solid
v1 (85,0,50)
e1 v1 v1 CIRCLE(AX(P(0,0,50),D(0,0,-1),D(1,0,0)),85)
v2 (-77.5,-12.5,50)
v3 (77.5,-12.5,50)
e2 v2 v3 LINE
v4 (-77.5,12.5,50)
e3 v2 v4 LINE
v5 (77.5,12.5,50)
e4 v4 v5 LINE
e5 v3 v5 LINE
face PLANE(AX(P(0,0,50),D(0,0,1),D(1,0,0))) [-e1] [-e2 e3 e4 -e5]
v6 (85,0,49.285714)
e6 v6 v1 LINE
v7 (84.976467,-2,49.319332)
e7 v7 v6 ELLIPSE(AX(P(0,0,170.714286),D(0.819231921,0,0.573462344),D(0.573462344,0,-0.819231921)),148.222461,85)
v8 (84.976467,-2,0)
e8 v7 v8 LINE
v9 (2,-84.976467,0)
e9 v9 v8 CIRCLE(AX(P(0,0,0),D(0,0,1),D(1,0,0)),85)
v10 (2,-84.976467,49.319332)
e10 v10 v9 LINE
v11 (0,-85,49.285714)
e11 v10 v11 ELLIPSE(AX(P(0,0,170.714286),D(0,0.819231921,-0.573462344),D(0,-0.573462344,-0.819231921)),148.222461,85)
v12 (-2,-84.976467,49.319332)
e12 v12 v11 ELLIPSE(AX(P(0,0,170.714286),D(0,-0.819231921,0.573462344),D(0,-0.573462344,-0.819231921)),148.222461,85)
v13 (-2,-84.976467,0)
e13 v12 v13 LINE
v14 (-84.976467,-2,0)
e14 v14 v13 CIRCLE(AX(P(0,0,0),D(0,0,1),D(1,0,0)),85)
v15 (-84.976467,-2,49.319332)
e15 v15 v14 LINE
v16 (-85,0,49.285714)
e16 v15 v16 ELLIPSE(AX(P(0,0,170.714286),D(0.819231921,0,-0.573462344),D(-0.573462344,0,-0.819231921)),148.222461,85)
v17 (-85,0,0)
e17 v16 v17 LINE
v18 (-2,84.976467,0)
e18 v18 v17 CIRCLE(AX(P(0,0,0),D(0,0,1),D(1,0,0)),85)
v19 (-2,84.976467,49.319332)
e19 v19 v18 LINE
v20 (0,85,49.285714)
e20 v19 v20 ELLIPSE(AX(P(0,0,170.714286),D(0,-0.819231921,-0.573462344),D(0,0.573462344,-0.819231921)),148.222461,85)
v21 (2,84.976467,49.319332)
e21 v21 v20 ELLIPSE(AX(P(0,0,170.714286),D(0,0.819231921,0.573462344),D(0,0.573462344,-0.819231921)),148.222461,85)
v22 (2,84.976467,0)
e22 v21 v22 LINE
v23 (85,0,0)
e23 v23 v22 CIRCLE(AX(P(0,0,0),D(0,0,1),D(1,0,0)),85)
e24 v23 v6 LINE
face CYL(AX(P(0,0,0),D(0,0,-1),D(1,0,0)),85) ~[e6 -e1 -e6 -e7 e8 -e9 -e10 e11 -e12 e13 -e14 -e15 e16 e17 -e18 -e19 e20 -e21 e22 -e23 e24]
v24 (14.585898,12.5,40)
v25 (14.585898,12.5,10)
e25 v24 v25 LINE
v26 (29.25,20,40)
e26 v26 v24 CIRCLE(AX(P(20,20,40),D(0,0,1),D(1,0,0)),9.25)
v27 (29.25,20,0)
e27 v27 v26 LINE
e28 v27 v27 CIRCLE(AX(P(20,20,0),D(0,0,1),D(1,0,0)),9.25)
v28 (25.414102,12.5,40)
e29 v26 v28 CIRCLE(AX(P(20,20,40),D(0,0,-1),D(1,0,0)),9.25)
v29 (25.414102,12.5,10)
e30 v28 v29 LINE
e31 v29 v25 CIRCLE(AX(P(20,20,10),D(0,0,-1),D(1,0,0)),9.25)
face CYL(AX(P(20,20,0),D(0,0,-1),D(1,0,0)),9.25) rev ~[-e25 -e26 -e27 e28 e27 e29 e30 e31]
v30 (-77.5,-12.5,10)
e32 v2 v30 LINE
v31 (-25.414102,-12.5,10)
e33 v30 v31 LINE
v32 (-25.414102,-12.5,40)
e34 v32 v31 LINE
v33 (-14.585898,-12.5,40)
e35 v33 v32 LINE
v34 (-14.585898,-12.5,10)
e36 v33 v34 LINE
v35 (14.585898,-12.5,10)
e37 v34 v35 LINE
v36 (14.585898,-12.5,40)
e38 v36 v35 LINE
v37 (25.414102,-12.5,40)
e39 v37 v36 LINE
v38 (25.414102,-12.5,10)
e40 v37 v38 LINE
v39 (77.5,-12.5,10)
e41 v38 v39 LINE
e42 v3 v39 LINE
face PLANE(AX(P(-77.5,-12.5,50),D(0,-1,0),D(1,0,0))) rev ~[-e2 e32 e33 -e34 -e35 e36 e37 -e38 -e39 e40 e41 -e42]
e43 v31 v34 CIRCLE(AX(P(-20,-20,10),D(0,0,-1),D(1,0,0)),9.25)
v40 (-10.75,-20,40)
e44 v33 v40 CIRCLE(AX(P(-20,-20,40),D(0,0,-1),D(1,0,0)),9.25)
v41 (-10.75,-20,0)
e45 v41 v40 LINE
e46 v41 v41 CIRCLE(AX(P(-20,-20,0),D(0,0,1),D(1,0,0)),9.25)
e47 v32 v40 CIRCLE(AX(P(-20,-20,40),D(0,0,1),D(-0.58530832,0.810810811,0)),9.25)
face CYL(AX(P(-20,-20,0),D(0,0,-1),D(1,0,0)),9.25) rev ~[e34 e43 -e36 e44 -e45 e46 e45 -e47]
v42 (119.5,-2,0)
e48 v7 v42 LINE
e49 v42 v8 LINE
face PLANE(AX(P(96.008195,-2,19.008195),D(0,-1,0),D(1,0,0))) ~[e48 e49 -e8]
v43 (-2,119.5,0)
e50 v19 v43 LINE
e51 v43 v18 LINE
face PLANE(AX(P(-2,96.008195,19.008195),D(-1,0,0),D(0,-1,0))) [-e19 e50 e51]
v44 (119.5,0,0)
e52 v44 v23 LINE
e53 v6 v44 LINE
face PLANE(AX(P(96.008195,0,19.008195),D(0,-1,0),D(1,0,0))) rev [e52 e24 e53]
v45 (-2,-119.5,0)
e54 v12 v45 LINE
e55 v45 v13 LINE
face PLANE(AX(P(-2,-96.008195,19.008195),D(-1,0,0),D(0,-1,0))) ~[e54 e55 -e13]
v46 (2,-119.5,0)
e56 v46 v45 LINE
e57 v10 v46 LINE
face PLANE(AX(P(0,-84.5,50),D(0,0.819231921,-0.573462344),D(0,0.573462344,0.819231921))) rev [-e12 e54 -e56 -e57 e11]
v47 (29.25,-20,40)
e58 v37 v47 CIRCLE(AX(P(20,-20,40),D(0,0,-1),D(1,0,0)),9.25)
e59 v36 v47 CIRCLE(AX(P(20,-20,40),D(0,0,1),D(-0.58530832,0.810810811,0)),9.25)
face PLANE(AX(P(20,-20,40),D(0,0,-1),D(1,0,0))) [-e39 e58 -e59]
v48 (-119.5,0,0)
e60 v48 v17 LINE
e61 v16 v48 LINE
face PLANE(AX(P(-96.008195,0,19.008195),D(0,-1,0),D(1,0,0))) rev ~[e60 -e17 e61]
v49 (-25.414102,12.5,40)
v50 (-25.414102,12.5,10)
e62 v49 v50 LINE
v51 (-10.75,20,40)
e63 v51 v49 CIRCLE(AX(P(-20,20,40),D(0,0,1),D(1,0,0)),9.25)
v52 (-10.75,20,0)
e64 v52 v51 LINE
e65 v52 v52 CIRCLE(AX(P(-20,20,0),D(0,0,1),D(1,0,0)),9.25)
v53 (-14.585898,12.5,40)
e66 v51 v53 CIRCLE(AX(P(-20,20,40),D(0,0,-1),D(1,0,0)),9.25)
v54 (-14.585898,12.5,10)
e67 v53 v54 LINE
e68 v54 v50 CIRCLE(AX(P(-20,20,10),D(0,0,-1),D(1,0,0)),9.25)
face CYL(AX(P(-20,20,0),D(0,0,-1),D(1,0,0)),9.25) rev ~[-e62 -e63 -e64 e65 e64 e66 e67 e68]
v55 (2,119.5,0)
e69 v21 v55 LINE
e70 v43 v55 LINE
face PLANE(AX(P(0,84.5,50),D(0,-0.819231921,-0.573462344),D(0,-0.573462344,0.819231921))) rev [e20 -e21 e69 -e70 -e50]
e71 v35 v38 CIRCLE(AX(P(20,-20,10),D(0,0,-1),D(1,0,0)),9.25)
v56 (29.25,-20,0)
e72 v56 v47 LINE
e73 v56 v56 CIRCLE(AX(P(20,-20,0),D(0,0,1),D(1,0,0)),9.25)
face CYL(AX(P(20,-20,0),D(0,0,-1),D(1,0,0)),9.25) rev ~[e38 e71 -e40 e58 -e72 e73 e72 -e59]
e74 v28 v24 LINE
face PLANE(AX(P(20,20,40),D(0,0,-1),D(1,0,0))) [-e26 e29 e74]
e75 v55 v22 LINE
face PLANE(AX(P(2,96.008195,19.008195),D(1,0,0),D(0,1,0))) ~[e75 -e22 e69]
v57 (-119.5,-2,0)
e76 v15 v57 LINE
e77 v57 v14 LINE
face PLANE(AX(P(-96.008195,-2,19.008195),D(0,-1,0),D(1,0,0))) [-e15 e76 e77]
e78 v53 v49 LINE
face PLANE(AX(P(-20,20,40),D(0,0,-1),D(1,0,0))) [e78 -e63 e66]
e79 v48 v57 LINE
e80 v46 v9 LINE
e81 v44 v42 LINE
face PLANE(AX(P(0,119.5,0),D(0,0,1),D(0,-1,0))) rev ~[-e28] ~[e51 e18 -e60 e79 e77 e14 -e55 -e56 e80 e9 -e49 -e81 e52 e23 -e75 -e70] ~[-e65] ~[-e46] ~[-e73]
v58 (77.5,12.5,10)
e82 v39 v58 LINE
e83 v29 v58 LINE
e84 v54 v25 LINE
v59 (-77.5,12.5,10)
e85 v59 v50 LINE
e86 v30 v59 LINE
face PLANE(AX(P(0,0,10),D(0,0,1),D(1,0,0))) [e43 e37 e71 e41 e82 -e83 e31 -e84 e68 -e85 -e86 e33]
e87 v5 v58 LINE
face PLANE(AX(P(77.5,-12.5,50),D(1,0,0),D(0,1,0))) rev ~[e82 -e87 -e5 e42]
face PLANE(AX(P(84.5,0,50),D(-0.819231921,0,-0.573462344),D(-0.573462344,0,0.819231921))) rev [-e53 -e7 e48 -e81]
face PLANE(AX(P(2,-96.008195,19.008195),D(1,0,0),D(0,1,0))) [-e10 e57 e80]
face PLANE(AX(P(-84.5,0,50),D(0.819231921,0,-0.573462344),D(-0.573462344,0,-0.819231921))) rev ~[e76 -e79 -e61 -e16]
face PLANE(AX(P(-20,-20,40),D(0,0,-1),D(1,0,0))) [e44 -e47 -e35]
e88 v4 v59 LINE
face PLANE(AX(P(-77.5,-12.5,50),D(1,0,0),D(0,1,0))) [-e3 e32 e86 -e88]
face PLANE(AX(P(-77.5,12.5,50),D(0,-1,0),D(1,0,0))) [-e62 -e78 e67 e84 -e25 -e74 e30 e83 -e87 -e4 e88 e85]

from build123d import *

# Parameters (mm, degrees)
F0_R      = 85
F1_DEPTH  = 50
F2_R      = 9.25
F3_DEPTH  = 40
F4_W      = 155
F4_H      = 25
F5_DEPTH  = 40
F7_DEPTH  = 2
F10_DEPTH = 2


with BuildPart() as f1:
    # F0 (on Top) → F1 (new body)
    with BuildSketch(Plane.XY):
        Circle(F0_R)
    extrude(amount=F1_DEPTH)

    # F2 (on face) → F3 (cut)
    with BuildSketch(Plane(origin=(0, 0, 0), x_dir=(1, 0, 0), z_dir=(0, 0, -1))):
        with Locations((20, 20)):
            Circle(F2_R)
        with Locations((-20, 20)):
            Circle(F2_R)
        with Locations((-20, -20)):
            Circle(F2_R)
        with Locations((20, -20)):
            Circle(F2_R)
    extrude(amount=-F3_DEPTH, mode=Mode.SUBTRACT)

    # F4 (on face) → F5 (cut)
    with BuildSketch(Plane.XY.offset(50)):
        Rectangle(F4_W, F4_H)
    extrude(amount=-F5_DEPTH, mode=Mode.SUBTRACT)

    # F6 (on Right) → F7 (join)
    with BuildSketch(Plane.YZ):
        Polygon((-119.5, 0), (-84.5, 0), (-84.5, 50), align=None)
    extrude(amount=F7_DEPTH)

    # F8: F1 across plane


with BuildPart() as f1_1:
    add(f1.part)
    add(f1.part.mirror(Plane.XZ))

    # F9 (on Front) → F10 (join)
    with BuildSketch(Plane.XZ):
        Polygon((-84.5, 0), (-84.5, 50), (-119.5, 0), align=None)
    extrude(amount=F10_DEPTH)

    # F11: F1 across plane


with BuildPart() as f1_2:
    add(f1_1.part)
    add(f1_1.part.mirror(Plane.YZ))


solid = f1_2.part
